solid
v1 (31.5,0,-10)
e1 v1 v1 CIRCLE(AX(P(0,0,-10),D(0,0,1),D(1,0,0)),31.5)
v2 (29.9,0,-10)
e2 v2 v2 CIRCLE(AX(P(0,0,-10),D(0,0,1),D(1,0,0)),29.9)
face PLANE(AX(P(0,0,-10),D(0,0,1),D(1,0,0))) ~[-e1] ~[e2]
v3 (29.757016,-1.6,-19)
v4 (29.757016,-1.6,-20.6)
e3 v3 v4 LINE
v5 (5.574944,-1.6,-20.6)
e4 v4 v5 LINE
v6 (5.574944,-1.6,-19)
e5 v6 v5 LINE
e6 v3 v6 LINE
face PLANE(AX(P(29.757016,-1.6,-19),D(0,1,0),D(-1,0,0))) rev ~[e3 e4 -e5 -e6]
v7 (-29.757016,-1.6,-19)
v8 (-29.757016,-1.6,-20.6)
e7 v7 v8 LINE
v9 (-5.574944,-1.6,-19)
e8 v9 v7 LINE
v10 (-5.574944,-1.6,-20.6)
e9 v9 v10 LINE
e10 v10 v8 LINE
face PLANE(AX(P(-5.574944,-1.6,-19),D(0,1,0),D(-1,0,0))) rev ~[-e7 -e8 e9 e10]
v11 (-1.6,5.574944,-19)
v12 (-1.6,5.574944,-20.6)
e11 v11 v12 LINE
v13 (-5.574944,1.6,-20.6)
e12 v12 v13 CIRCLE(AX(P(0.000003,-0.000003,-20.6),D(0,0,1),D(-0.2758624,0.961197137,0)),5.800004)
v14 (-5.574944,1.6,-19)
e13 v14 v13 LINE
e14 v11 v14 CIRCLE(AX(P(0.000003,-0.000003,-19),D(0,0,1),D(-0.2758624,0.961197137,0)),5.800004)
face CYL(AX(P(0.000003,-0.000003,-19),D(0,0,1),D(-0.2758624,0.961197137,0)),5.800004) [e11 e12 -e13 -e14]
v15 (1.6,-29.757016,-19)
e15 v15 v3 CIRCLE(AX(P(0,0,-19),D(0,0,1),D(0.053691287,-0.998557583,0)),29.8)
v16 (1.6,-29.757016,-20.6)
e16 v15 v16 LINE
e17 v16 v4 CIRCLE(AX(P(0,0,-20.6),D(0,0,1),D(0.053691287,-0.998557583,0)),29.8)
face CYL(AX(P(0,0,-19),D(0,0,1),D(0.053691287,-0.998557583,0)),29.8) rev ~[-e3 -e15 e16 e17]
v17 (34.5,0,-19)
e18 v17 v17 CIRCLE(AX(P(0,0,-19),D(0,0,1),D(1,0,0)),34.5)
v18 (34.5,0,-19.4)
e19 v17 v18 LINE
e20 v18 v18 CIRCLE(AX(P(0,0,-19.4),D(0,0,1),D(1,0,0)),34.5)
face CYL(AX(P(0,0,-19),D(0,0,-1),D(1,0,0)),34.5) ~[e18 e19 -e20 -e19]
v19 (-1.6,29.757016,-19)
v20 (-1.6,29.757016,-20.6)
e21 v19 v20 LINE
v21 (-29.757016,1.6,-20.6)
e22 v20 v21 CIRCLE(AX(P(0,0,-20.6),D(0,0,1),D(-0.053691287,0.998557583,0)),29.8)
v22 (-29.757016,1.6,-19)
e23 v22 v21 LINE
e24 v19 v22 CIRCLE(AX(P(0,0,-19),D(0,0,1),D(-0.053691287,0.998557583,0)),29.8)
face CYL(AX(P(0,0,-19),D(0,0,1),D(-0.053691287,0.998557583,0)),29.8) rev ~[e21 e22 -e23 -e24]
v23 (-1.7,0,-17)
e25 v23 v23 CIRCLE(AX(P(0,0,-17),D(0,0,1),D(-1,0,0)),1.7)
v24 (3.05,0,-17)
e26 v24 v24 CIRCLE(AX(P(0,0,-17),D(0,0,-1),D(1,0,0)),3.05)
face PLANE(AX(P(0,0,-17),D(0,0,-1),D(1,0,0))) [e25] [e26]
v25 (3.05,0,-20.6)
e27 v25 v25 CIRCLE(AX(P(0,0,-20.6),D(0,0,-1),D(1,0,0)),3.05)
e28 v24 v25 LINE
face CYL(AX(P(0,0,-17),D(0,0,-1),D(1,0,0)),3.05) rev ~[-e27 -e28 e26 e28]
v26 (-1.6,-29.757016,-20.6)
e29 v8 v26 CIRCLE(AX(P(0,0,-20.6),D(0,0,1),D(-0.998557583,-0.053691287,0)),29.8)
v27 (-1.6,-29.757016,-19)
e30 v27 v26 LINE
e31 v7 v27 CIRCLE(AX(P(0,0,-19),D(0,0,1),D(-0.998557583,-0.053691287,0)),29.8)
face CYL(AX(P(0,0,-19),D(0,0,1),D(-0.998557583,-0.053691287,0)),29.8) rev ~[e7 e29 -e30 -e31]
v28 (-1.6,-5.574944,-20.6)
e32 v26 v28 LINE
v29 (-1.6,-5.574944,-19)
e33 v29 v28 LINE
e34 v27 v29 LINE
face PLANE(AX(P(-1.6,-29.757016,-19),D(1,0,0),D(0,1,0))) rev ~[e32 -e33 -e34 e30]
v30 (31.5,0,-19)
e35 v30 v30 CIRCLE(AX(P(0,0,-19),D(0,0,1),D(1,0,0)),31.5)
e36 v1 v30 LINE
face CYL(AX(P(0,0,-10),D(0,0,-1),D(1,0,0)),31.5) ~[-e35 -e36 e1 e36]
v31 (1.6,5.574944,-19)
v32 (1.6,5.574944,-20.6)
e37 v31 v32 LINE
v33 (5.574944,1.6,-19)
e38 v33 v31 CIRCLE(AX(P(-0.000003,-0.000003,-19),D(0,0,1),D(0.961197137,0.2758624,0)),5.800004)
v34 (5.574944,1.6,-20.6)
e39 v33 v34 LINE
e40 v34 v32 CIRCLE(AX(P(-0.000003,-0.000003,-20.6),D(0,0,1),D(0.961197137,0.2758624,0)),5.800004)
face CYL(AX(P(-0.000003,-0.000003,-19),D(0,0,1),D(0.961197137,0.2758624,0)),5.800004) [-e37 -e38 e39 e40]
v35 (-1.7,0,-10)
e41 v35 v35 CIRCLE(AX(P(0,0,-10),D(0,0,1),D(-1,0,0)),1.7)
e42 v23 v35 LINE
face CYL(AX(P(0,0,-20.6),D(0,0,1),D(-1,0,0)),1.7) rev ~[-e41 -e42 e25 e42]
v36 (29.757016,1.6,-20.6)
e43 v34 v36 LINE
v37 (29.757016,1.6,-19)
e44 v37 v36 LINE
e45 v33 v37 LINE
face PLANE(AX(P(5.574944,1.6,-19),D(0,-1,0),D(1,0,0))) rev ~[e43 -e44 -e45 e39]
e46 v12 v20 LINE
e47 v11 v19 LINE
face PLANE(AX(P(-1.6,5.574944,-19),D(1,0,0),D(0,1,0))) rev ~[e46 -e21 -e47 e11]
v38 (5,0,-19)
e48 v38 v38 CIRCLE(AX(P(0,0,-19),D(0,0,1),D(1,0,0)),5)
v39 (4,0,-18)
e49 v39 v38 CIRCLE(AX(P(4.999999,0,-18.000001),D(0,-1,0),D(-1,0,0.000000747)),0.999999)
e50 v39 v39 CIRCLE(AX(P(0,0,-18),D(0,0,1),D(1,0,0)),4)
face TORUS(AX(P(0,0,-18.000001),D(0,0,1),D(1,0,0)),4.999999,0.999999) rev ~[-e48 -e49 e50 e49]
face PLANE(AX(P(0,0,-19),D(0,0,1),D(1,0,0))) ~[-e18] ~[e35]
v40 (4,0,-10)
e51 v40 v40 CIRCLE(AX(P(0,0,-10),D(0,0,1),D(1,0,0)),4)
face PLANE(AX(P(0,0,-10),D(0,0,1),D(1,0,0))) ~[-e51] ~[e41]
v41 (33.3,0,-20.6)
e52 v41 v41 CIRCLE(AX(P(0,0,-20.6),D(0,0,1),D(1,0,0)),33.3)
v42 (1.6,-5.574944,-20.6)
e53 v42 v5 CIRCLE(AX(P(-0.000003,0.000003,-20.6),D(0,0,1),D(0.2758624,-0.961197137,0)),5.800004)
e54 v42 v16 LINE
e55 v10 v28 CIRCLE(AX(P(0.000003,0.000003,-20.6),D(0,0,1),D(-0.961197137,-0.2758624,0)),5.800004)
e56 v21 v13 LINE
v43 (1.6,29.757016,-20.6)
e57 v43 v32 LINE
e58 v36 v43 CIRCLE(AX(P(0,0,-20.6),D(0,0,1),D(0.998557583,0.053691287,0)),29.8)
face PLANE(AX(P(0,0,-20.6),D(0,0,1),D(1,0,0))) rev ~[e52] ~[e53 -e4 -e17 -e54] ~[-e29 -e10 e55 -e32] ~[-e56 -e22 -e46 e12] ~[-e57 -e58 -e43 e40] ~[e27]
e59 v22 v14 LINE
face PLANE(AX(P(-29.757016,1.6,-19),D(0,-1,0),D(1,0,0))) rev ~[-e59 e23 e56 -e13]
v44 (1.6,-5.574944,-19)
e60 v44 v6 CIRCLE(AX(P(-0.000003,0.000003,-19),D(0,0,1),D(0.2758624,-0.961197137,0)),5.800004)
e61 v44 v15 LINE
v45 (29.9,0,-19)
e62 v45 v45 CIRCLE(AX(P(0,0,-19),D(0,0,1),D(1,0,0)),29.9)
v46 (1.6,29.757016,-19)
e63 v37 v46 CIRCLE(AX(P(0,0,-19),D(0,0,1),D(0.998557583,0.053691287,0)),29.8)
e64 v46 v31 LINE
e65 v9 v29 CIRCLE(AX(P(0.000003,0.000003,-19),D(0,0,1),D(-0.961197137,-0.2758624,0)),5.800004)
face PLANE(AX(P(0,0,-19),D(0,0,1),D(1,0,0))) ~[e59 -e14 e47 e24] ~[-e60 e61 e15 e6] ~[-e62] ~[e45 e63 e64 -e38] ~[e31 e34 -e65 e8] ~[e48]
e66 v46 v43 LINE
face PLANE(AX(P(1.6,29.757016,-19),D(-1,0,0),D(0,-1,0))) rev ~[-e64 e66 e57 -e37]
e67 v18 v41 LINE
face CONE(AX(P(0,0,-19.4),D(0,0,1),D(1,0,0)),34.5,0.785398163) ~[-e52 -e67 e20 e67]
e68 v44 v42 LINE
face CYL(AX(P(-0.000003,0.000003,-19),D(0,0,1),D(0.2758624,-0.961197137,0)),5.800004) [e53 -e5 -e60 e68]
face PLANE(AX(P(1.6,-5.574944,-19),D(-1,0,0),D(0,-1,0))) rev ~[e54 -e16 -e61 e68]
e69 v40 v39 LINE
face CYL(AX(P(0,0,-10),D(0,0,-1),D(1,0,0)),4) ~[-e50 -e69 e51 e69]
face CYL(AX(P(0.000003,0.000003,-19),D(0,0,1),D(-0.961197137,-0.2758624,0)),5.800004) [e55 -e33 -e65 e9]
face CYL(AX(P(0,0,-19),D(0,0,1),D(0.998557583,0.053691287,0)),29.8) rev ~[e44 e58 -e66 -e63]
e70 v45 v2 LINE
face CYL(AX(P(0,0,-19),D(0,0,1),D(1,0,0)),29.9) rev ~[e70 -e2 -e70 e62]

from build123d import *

# Parameters (mm, degrees)
POCKET001_DEPTH       = 197.910551
POLARPATTERN001_COUNT = 4
HOLE001_D             = 3.4
HOLE001_CBORE_D       = 6.1
HOLE001_CBORE_DEPTH   = 3.6


with BuildPart() as part:
    # Sketch019 → Revolution001 (revolve)
    with BuildSketch(Plane.XZ):
        with BuildLine():
            Line((31.5, 9), (31.5, 0))
            Line((31.5, 0), (34.5, 0))
            Line((34.5, 0), (34.5, -0.4))
            Line((34.5, -0.4), (33.3, -1.6))
            Line((33.3, -1.6), (0, -1.6))
            Line((0, -1.6), (0, 9))
            Line((0, 9), (4, 9))
            Line((4, 9), (4, 1))
            ThreePointArc((4, 1), (4.292893, 0.292893), (5, 0))
            Line((5, 0), (29.9, 0))
            Line((29.9, 0), (29.9, 9))
            Line((29.9, 9), (31.5, 9))
        make_face()
    revolve(axis=Axis((0, 0, 0), (0, 0, 1)))

    # Sketch020 → Pocket001 (cut, through all)
    with BuildSketch(Plane.XY):
        with BuildLine():
            ThreePointArc((29.757016, 1.6), (21.071782, 21.071782), (1.6, 29.757016))
            Line((1.6, 29.757016), (1.6, 5.574944))
            ThreePointArc((5.574944, 1.6), (4.101219, 4.101219), (1.6, 5.574944))
            Line((5.574944, 1.6), (29.757016, 1.6))
        make_face()
    pocket001 = extrude(amount=-POCKET001_DEPTH, mode=Mode.SUBTRACT)

    # PolarPattern001: Pocket001 ×4 about axis
    polarpattern001_axis = Axis((0, 0, 0), (0, 0, 1))
    for i in range(1, POLARPATTERN001_COUNT):
        add(pocket001.rotate(polarpattern001_axis, i * 360 / POLARPATTERN001_COUNT), mode=Mode.SUBTRACT)

    # Hole001 (through all)
    with Locations(Plane(origin=(0, 0, -1.6), x_dir=(1, 0, 0), z_dir=(0, 0, -1))):
        with Locations((0, 0)):
            CounterBoreHole(HOLE001_D / 2, HOLE001_CBORE_D / 2, HOLE001_CBORE_DEPTH)


with BuildPart() as part_1:
    # Body001 placement: moved
    add(part.part.moved(Location((0, 0, -19))))


solid = part_1.part
